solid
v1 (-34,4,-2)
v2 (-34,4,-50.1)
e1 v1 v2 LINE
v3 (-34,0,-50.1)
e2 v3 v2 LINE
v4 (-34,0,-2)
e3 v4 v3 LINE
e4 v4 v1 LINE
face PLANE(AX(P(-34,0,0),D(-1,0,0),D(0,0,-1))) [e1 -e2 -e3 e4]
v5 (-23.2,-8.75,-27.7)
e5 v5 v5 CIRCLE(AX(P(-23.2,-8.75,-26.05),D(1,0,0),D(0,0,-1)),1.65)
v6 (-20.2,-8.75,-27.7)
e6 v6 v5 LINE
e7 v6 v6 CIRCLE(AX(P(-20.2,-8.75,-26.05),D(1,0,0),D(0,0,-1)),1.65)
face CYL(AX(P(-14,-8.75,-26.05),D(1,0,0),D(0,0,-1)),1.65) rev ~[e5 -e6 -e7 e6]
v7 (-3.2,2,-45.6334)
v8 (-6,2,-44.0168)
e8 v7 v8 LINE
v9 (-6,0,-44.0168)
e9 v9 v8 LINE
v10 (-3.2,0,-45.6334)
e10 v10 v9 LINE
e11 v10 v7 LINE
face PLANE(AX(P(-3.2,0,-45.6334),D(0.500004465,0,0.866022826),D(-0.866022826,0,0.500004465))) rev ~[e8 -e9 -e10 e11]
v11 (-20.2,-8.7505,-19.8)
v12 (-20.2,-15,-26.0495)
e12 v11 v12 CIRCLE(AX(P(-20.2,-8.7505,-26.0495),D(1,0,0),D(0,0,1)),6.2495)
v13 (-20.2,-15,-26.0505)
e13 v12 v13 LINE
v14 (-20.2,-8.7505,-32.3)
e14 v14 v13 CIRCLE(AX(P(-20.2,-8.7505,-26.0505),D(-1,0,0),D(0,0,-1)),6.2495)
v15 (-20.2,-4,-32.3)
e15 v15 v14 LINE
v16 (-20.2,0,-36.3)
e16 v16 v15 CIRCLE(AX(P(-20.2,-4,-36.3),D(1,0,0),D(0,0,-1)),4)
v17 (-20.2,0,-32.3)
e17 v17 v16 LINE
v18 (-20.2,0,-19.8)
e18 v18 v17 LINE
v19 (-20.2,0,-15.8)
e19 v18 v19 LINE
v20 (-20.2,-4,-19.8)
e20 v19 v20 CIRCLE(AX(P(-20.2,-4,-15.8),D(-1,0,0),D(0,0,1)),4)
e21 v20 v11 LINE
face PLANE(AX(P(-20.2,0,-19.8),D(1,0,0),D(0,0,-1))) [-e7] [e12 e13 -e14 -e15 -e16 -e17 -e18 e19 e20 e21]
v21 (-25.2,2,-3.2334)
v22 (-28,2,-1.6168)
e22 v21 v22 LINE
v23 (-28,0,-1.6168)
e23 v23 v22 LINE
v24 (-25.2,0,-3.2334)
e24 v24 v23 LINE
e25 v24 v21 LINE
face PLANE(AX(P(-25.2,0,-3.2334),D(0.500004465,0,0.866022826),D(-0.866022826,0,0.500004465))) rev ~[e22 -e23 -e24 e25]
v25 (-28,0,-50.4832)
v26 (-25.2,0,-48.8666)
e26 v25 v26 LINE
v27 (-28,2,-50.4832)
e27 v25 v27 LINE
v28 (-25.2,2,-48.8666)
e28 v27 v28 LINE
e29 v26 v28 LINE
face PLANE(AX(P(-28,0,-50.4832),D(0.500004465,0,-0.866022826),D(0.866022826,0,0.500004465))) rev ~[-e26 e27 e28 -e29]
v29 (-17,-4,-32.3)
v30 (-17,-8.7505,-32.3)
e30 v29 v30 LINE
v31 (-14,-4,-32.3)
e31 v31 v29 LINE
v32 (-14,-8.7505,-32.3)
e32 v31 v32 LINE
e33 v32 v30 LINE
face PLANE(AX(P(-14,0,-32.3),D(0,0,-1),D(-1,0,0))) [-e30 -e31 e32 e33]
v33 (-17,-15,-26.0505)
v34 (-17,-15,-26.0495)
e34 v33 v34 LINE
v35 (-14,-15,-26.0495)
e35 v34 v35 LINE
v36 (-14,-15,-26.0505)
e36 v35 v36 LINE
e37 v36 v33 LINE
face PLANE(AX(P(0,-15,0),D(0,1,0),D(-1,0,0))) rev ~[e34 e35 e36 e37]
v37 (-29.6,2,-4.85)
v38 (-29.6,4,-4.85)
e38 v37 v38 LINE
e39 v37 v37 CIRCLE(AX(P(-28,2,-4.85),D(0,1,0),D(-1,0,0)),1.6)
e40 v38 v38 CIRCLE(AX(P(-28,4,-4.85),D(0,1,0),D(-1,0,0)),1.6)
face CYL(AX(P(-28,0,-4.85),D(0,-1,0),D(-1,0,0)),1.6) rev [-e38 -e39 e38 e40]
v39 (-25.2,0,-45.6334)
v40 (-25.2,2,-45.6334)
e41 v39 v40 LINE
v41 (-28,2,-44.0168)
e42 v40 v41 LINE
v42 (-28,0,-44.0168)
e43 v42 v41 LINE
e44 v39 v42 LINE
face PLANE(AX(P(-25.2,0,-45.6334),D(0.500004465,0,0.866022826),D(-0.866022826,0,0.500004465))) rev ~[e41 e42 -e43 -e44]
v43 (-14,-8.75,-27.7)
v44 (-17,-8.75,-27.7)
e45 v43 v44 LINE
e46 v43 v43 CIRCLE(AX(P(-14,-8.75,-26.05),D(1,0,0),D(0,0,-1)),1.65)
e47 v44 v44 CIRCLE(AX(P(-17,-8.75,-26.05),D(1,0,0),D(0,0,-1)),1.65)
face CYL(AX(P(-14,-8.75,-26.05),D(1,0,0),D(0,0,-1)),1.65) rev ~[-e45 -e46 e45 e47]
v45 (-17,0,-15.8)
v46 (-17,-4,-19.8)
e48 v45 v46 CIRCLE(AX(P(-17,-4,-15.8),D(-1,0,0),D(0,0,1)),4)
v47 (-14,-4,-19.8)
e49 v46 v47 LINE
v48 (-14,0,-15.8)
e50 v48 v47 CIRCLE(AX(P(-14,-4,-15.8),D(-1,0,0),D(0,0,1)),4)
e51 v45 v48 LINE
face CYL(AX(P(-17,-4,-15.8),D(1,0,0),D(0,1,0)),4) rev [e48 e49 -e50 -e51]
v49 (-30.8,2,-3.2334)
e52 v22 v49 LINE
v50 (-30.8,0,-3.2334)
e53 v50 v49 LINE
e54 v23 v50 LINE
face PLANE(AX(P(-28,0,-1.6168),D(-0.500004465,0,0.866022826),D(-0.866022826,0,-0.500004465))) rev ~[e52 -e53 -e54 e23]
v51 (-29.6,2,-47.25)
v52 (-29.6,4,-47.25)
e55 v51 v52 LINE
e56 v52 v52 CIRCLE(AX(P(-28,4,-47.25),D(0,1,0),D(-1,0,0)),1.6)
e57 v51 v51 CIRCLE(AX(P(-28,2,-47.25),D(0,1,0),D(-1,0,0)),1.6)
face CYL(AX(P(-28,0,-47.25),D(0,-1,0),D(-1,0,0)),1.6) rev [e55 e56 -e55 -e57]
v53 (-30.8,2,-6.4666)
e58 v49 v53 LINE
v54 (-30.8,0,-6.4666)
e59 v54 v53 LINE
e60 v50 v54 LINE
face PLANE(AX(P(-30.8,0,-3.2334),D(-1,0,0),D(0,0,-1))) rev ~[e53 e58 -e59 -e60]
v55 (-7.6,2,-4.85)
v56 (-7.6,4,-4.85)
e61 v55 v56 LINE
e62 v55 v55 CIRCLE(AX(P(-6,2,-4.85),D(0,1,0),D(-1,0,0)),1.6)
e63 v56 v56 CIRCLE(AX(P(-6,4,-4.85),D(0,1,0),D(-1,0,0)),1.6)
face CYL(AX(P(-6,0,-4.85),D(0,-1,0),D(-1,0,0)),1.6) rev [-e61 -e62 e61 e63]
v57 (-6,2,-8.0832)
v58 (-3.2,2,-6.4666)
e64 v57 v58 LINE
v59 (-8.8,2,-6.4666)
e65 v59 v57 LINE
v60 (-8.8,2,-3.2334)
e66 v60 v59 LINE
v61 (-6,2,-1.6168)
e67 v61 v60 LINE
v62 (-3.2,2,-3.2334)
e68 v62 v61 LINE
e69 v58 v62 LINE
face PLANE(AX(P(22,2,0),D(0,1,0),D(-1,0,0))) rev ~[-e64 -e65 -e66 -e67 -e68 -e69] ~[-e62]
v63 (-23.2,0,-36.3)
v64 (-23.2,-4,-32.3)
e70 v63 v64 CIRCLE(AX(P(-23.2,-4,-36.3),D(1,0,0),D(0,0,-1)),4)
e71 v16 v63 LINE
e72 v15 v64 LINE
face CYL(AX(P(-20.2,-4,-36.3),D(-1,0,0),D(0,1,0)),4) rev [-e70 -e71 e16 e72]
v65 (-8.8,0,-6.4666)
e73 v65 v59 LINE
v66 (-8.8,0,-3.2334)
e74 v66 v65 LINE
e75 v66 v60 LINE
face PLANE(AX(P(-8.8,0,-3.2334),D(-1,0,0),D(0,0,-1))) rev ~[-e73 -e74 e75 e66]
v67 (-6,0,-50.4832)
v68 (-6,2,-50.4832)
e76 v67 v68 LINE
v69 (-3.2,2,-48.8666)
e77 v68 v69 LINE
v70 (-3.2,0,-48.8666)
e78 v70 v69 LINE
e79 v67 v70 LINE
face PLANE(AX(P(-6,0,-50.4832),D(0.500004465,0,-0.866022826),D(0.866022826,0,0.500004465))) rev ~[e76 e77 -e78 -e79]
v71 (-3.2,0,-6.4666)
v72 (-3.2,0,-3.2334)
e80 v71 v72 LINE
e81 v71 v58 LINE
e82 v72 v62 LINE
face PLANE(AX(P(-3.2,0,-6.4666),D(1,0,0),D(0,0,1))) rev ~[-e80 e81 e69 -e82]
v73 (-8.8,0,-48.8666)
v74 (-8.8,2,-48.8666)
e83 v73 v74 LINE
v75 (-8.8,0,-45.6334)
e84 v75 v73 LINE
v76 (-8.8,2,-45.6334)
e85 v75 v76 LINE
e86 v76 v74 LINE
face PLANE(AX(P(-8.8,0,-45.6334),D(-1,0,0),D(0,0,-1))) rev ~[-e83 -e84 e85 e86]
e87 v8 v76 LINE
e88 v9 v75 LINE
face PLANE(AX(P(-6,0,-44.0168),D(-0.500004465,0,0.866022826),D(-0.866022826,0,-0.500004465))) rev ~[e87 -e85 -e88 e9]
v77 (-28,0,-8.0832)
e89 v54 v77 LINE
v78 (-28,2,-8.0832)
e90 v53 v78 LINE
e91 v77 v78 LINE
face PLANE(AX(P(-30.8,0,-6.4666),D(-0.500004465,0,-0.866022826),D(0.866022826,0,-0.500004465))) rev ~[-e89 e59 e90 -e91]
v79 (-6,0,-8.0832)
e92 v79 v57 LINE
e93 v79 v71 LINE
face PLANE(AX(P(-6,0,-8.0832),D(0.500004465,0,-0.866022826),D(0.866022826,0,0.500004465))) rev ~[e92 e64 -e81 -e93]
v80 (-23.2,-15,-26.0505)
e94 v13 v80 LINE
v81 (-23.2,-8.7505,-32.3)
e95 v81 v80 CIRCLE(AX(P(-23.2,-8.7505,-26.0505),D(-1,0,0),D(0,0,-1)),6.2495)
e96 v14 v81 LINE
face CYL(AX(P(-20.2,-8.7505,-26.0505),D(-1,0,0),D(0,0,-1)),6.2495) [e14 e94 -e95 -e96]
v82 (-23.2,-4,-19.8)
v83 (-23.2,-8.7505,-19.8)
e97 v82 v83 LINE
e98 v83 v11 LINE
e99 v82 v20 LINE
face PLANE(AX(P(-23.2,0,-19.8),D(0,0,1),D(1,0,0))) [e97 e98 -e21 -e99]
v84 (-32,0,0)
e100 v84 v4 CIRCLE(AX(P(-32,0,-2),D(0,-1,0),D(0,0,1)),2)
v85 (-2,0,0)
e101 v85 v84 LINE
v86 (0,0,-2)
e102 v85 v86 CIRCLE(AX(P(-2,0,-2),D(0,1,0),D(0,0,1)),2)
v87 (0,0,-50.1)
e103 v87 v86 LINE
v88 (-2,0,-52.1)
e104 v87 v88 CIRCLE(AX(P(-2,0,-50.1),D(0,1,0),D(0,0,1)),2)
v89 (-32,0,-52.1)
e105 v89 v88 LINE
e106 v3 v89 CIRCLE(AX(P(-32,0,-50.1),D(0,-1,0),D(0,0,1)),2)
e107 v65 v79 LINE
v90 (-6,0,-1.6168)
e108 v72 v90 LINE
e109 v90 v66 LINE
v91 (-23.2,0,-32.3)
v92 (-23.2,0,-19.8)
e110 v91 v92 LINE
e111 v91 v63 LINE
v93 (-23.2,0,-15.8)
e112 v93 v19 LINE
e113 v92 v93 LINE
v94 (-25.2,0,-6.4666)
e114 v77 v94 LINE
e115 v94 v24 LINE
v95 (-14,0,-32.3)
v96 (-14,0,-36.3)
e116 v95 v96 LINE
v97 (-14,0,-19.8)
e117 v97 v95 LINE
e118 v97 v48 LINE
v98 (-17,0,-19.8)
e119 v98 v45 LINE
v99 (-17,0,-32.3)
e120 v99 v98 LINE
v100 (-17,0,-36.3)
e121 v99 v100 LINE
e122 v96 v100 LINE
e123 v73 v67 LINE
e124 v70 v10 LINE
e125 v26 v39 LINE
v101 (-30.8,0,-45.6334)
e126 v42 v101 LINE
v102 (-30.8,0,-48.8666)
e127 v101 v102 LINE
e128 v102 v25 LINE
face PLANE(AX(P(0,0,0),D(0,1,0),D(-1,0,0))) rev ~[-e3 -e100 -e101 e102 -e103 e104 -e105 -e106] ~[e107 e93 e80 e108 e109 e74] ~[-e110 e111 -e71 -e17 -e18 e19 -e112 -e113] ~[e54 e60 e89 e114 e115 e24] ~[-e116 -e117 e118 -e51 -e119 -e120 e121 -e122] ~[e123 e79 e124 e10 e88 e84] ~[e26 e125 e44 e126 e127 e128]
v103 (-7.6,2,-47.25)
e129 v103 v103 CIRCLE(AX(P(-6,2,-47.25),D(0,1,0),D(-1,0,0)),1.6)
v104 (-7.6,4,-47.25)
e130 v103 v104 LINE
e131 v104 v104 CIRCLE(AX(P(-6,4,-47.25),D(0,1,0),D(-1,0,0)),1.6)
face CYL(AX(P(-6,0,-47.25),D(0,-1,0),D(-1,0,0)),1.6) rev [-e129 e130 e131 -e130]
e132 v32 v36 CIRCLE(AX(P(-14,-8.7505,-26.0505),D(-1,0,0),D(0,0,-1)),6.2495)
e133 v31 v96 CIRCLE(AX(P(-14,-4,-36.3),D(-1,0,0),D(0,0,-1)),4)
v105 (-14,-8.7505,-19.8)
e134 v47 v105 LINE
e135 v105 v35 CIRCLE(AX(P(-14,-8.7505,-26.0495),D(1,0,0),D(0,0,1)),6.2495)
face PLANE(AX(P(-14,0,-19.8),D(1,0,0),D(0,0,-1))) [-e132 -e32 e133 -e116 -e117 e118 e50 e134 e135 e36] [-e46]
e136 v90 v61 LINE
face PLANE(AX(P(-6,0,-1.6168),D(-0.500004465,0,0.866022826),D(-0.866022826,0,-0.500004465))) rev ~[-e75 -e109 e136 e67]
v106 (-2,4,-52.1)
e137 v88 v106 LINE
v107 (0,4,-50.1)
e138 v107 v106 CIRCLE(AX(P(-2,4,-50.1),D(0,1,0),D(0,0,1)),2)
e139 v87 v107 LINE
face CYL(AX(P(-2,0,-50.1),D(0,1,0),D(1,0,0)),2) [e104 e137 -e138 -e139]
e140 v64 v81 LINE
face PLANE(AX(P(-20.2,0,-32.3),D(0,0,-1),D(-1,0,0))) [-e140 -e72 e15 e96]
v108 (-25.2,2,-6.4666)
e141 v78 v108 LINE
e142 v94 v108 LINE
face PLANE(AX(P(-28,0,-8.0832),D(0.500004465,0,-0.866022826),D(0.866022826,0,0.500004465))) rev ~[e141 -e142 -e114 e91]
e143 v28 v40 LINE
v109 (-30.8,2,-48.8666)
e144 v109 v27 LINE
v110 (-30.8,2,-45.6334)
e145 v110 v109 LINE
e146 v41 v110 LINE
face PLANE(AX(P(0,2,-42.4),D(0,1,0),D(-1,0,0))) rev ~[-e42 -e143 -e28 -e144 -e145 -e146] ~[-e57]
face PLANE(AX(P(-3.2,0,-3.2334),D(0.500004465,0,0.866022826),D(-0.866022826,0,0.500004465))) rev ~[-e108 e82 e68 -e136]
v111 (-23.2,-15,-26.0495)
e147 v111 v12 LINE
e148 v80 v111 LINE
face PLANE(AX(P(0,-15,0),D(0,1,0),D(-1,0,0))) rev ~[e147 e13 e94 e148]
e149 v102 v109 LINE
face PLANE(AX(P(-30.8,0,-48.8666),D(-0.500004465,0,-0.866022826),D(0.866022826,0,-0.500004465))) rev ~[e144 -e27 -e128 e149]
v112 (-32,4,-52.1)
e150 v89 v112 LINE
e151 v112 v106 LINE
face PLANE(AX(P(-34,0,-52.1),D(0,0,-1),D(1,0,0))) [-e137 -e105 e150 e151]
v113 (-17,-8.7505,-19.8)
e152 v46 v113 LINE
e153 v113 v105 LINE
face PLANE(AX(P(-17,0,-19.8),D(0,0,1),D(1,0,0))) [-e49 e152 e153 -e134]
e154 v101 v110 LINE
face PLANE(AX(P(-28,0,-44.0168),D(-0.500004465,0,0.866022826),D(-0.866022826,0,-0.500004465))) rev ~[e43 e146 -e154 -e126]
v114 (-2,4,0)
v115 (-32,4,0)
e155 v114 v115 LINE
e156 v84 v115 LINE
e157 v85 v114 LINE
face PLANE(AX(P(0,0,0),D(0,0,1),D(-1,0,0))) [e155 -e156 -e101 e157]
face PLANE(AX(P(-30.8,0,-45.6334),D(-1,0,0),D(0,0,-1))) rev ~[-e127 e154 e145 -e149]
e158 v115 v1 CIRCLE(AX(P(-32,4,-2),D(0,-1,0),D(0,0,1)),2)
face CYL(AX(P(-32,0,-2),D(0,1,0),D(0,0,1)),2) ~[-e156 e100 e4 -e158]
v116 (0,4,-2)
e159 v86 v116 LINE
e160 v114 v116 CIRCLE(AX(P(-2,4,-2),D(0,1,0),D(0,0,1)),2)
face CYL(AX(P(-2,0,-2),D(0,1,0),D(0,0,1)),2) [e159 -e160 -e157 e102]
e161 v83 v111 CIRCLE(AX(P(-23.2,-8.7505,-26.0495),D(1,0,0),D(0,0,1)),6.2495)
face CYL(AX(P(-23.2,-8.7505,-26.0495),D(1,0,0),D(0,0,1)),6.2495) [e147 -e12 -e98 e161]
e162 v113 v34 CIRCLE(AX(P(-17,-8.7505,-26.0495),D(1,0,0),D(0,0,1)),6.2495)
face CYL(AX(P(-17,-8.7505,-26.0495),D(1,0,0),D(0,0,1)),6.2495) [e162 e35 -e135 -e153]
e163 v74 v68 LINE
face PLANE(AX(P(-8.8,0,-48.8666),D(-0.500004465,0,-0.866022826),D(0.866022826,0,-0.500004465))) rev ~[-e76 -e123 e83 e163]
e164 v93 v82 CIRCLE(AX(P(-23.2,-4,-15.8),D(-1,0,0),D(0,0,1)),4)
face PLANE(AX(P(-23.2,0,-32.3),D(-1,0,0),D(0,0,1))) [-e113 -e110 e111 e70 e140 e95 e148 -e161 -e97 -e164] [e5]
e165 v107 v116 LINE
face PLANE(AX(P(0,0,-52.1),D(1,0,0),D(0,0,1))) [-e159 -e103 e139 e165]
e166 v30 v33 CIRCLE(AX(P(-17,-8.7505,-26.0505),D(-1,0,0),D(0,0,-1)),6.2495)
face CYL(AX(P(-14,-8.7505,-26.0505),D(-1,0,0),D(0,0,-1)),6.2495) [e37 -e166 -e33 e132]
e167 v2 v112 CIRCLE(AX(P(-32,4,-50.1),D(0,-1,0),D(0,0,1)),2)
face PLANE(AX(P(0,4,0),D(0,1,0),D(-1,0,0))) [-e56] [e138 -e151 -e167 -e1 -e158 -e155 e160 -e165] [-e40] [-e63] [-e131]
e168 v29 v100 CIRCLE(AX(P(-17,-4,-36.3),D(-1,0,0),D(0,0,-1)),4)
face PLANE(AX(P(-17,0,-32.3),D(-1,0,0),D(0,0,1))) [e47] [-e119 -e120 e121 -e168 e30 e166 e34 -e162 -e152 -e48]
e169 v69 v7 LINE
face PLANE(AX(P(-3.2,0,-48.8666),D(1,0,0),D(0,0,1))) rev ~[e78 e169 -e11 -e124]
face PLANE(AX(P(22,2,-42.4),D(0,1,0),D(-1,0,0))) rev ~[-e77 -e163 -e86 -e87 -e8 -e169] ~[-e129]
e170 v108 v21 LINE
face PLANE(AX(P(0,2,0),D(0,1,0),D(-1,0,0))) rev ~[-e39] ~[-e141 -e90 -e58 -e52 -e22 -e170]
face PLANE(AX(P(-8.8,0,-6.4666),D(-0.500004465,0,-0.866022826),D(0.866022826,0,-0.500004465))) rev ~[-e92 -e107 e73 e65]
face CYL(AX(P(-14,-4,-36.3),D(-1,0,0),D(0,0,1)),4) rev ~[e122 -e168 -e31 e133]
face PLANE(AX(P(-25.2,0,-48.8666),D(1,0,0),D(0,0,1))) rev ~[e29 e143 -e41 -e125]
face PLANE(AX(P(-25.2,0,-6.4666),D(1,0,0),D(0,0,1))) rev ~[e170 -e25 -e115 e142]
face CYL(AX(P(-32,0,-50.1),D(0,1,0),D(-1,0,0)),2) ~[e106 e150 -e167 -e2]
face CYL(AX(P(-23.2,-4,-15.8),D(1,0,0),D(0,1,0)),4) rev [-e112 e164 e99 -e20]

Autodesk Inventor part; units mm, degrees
ref_plane "YZ Plane" through (0, 0, 0) normal (1, 0, 0) x (0, 1, 0)
ref_plane "XZ Plane" through (0, 0, 0) normal (0, 1, 0) x (-1, 0, 0)
ref_plane "XY Plane" through (0, 0, 0) normal (0, 0, 1) x (1, 0, 0)
sketch "Sketch1" plane through (0, 0, 0) normal (0, 1, 0) x (-1, 0, 0)
  line L0 (0, 0) -> (34, 0)
  line L1 (34, 0) -> (34, -52.1)
  line L2 (34, -52.1) -> (0, -52.1)
  line L3 (0, -52.1) -> (0, 0)
  circle A0 centre (28, -4.85) radius 1.6
  line L4 (28, -8.0832) -> (25.2, -6.4666)
  line L5 (25.2, -6.4666) -> (25.2, -3.2334)
  line L6 (25.2, -3.2334) -> (28, -1.6168)
  line L7 (28, -1.6168) -> (30.8, -3.2334)
  line L8 (30.8, -3.2334) -> (30.8, -6.4666)
  line L9 (30.8, -6.4666) -> (28, -8.0832)
  line L10 (17, 0) -> (17, -52.1) construction
  line L11 (0, -26.05) -> (34, -26.05) construction
  line L12 (17, -19.8) -> (14, -19.8)
  line L13 (14, -19.8) -> (14, -32.3)
  line L14 (14, -32.3) -> (17, -32.3)
  line L15 (17, -32.3) -> (17, -19.8)
  line L16 (23.2, -19.8) -> (20.2, -19.8)
  line L17 (20.2, -19.8) -> (20.2, -32.3)
  line L18 (20.2, -32.3) -> (23.2, -32.3)
  line L19 (23.2, -32.3) -> (23.2, -19.8)
  dimension "d0" = 34
  dimension "d1" = 52.1
  dimension "d2" = 3.2
  dimension "d3" = 4.85
  dimension "d4" = 6
  dimension "d5" = 5.6
  dimension "d18" = 3
  dimension "d19" = 12.5
  dimension "d20" = 3
  dimension "d21" = 12.5
  dimension "d22" = 19.8
  dimension "d23" = 3.2
extrude "Extrusion1" add sketch "Sketch1" along normal blind 4 contours L0 L1 L2 L3 | A0 | L4 L5 L6 L7 L8 L9 | L15 L14 L13 L12 | L19 L18 L17 L16
extrude "Extrusion2" cut sketch "Sketch1" along normal blind 2 contours L4 L5 L6 L7 L8 L9
extrude "Extrusion3" cut sketch "Sketch1" along normal blind 4 contours A0
pattern_linear "Rectangular Pattern1" count 2 spacing 42.4 along (0, 0, -1) count 2 spacing 22 along (1, 0, 0) of "Extrusion3", "Extrusion2"
extrude "Extrusion4" add sketch "Sketch1" against normal blind 15 contours L15 L14 L13 L12 | L19 L18 L17 L16
sketch "Sketch2" plane through (-14, -15, -19.8) normal (1, 0, 0) x (0, 0, -1)
  line L0 (0, 15) -> (12.5, 15) projected
  line L1 (0, 15) -> (0, 0) projected
  line L2 (12.5, 0) -> (0, 0) projected
  line L3 (12.5, 15) -> (12.5, 0) projected
  circle A0 centre (6.25, 6.25) radius 1.65
  point P0 (-19.8, 15)
  dimension "d26" = 3.3
  dimension "d27" = 12.5
  dimension "d28" = 6.25
  dimension "d29" = 6.25
extrude "Extrusion5" cut sketch "Sketch2" against normal up to surface (9.2 mm away) contours A0
fillet "Fillet1" radius 6.25 4 edges at (-15.5, -15, -19.8) (-15.5, -15, -32.3) (-21.7, -15, -19.8) (-21.7, -15, -32.3)
fillet "Fillet2" radius 4 4 edges at (-15.5, 0, -19.8) (-15.5, 0, -32.3) (-21.7, 0, -19.8) (-21.7, 0, -32.3)
fillet "Fillet3" radius 2 4 edges at (-34, 2, 0) (-34, 2, -52.1) (0, 2, 0) (0, 2, -52.1)
equation "\"d22\" = -0.5 * d19 + 0.5 * d1"
equation "\"d28\" = 0.5 * d27"
equation "\"d29\" = d28"
properties part number "encaixeDuplo"
